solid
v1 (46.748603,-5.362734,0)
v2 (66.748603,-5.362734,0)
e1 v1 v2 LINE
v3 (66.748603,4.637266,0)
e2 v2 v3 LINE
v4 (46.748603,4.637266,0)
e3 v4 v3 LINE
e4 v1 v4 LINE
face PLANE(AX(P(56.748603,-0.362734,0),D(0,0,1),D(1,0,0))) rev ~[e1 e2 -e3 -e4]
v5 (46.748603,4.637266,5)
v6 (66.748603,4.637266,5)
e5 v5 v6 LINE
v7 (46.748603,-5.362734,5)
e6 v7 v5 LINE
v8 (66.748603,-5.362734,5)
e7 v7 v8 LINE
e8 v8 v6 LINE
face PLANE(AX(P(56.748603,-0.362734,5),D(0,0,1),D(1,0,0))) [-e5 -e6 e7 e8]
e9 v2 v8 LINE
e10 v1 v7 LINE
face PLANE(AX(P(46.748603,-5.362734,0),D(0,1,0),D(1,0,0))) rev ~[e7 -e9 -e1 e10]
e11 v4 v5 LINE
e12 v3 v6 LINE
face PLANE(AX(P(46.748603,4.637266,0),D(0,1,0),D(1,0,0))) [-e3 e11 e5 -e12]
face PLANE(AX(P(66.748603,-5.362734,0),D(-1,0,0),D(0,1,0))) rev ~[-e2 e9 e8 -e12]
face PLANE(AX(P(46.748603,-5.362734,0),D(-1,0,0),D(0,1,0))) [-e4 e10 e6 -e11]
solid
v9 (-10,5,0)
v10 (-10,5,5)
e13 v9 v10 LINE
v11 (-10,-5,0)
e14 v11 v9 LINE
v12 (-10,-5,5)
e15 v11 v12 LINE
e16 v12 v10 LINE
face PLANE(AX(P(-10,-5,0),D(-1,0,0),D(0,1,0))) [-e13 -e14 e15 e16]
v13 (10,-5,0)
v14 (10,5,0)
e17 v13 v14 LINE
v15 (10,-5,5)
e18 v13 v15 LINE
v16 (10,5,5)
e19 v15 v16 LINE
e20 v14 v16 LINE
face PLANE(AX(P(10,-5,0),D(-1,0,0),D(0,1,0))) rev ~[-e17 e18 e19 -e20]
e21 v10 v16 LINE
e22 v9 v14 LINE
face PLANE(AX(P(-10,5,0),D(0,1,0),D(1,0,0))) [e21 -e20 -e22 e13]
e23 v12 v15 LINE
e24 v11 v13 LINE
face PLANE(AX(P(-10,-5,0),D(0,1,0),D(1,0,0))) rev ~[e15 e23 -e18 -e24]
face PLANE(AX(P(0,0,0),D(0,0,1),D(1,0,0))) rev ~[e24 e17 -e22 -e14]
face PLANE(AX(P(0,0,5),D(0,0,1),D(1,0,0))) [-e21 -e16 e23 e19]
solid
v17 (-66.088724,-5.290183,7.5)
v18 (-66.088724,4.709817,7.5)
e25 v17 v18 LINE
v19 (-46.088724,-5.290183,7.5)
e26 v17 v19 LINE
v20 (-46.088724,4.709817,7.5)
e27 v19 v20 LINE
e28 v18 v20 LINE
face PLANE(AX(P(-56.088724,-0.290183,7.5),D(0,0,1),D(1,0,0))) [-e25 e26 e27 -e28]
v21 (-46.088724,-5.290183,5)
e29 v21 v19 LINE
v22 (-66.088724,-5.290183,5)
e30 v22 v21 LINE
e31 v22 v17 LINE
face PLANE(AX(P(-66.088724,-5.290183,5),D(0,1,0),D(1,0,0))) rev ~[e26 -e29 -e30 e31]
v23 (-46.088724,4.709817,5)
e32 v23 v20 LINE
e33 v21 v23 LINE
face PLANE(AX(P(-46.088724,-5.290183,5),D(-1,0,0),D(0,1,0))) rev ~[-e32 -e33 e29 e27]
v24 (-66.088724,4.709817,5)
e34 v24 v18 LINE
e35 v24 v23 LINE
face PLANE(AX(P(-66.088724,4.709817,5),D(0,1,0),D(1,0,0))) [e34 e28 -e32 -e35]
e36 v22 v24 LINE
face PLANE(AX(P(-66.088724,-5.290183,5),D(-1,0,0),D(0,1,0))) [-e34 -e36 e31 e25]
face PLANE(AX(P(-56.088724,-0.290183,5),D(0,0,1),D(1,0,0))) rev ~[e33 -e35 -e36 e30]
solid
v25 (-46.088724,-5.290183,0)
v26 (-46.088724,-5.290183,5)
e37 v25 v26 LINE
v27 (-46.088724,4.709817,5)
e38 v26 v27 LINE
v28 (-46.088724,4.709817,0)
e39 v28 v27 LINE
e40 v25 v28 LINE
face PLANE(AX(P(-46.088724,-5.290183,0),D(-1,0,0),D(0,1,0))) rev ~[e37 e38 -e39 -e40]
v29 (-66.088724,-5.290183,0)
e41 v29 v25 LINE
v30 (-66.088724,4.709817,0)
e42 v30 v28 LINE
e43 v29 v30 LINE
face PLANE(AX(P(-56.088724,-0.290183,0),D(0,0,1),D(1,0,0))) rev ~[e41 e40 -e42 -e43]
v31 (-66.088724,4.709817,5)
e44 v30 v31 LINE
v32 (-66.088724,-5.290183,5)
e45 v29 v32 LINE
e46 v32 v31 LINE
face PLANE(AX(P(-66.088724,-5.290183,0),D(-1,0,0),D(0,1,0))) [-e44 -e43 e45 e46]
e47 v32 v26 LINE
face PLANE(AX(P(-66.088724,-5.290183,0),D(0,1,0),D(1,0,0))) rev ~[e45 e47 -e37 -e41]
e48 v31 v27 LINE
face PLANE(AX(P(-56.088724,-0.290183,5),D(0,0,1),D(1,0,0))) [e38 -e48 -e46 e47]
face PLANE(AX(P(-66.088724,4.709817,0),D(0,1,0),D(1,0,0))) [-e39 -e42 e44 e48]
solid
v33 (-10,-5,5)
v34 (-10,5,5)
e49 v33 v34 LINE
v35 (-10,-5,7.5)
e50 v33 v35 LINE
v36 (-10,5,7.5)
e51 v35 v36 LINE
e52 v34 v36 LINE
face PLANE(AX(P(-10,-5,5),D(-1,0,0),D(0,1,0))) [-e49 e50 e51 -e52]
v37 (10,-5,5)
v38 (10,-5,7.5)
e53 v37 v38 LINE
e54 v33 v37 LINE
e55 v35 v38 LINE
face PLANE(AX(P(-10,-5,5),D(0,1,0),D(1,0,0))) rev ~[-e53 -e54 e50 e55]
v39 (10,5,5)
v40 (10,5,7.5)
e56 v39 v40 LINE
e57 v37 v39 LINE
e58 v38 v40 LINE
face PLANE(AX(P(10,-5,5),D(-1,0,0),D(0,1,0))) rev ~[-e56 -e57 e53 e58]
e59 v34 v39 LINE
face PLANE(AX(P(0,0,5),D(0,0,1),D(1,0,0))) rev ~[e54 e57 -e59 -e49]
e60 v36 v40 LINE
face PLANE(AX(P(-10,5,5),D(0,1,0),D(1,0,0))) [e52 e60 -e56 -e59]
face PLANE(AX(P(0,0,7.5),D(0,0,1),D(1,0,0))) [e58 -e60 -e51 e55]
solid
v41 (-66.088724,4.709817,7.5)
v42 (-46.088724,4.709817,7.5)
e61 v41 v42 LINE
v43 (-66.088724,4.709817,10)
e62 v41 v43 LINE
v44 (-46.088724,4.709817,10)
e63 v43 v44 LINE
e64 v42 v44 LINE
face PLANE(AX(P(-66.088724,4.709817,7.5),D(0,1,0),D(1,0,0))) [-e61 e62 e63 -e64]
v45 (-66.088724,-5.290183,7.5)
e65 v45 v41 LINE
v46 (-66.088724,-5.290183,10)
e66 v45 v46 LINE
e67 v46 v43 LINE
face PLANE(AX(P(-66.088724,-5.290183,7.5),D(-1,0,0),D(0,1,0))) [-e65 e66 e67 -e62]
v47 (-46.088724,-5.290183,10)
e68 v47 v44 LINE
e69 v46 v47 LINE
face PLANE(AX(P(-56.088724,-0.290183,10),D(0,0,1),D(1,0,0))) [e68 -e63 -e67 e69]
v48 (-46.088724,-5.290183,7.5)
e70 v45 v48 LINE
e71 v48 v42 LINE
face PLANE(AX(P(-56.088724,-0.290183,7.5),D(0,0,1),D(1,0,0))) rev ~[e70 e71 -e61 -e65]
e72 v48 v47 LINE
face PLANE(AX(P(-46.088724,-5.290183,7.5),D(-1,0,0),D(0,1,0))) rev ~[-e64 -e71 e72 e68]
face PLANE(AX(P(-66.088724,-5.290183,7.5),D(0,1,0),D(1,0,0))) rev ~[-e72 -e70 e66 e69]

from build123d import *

# Parameters (mm, degrees)
F0_W      = 20
F0_H      = 10
F1_DEPTH  = 5
F2_W      = 20
F2_H      = 10
F3_DEPTH  = 5
F4_W      = 20
F4_H      = 10
F5_DEPTH  = 2.5
F6_W      = 20
F6_H      = 10
F7_DEPTH  = 2.5
F10_W     = 20
F10_H     = 10
F11_DEPTH = 5
F12_W     = 20
F12_H     = 10
F13_DEPTH = 2.5


with BuildPart() as f1:
    # F0 (on Top) → F1 (new body)
    with BuildSketch(Plane.XY):
        with Locations((-56.0887241736, -0.2901825937)):
            Rectangle(F0_W, F0_H)
    extrude(amount=F1_DEPTH)


with BuildPart() as f3:
    # F2 (on Top) → F3 (new body)
    with BuildSketch(Plane.XY):
        with Locations((56.7486034706, -0.3627343103)):
            Rectangle(F2_W, F2_H)
    extrude(amount=F3_DEPTH)


with BuildPart() as f5:
    # F4 (on face) → F5 (new body)
    with BuildSketch(Plane.XY.offset(5)):
        with Locations((-56.0887241736, -0.2901825937)):
            Rectangle(F4_W, F4_H)
    extrude(amount=F5_DEPTH)


with BuildPart() as f7:
    # F6 (on face) → F7 (new body)
    with BuildSketch(Plane.XY.offset(7.5)):
        with Locations((-56.0887241736, -0.2901825937)):
            Rectangle(F6_W, F6_H)
    extrude(amount=F7_DEPTH)


with BuildPart() as f8_1:
    # F8: copy of F3
    add(f3.part.moved(Location((5, 5, 5))))


with BuildPart() as f11:
    # F10 (on Top) → F11 (new body)
    with BuildSketch(Plane.XY):
        Rectangle(F10_W, F10_H)
    extrude(amount=F11_DEPTH)


with BuildPart() as f13:
    # F12 (on face) → F13 (new body)
    with BuildSketch(Plane.XY.offset(5)):
        Rectangle(F12_W, F12_H)
    extrude(amount=F13_DEPTH)


solid = Compound([f1.part, f3.part, f5.part, f7.part, f11.part, f13.part])
